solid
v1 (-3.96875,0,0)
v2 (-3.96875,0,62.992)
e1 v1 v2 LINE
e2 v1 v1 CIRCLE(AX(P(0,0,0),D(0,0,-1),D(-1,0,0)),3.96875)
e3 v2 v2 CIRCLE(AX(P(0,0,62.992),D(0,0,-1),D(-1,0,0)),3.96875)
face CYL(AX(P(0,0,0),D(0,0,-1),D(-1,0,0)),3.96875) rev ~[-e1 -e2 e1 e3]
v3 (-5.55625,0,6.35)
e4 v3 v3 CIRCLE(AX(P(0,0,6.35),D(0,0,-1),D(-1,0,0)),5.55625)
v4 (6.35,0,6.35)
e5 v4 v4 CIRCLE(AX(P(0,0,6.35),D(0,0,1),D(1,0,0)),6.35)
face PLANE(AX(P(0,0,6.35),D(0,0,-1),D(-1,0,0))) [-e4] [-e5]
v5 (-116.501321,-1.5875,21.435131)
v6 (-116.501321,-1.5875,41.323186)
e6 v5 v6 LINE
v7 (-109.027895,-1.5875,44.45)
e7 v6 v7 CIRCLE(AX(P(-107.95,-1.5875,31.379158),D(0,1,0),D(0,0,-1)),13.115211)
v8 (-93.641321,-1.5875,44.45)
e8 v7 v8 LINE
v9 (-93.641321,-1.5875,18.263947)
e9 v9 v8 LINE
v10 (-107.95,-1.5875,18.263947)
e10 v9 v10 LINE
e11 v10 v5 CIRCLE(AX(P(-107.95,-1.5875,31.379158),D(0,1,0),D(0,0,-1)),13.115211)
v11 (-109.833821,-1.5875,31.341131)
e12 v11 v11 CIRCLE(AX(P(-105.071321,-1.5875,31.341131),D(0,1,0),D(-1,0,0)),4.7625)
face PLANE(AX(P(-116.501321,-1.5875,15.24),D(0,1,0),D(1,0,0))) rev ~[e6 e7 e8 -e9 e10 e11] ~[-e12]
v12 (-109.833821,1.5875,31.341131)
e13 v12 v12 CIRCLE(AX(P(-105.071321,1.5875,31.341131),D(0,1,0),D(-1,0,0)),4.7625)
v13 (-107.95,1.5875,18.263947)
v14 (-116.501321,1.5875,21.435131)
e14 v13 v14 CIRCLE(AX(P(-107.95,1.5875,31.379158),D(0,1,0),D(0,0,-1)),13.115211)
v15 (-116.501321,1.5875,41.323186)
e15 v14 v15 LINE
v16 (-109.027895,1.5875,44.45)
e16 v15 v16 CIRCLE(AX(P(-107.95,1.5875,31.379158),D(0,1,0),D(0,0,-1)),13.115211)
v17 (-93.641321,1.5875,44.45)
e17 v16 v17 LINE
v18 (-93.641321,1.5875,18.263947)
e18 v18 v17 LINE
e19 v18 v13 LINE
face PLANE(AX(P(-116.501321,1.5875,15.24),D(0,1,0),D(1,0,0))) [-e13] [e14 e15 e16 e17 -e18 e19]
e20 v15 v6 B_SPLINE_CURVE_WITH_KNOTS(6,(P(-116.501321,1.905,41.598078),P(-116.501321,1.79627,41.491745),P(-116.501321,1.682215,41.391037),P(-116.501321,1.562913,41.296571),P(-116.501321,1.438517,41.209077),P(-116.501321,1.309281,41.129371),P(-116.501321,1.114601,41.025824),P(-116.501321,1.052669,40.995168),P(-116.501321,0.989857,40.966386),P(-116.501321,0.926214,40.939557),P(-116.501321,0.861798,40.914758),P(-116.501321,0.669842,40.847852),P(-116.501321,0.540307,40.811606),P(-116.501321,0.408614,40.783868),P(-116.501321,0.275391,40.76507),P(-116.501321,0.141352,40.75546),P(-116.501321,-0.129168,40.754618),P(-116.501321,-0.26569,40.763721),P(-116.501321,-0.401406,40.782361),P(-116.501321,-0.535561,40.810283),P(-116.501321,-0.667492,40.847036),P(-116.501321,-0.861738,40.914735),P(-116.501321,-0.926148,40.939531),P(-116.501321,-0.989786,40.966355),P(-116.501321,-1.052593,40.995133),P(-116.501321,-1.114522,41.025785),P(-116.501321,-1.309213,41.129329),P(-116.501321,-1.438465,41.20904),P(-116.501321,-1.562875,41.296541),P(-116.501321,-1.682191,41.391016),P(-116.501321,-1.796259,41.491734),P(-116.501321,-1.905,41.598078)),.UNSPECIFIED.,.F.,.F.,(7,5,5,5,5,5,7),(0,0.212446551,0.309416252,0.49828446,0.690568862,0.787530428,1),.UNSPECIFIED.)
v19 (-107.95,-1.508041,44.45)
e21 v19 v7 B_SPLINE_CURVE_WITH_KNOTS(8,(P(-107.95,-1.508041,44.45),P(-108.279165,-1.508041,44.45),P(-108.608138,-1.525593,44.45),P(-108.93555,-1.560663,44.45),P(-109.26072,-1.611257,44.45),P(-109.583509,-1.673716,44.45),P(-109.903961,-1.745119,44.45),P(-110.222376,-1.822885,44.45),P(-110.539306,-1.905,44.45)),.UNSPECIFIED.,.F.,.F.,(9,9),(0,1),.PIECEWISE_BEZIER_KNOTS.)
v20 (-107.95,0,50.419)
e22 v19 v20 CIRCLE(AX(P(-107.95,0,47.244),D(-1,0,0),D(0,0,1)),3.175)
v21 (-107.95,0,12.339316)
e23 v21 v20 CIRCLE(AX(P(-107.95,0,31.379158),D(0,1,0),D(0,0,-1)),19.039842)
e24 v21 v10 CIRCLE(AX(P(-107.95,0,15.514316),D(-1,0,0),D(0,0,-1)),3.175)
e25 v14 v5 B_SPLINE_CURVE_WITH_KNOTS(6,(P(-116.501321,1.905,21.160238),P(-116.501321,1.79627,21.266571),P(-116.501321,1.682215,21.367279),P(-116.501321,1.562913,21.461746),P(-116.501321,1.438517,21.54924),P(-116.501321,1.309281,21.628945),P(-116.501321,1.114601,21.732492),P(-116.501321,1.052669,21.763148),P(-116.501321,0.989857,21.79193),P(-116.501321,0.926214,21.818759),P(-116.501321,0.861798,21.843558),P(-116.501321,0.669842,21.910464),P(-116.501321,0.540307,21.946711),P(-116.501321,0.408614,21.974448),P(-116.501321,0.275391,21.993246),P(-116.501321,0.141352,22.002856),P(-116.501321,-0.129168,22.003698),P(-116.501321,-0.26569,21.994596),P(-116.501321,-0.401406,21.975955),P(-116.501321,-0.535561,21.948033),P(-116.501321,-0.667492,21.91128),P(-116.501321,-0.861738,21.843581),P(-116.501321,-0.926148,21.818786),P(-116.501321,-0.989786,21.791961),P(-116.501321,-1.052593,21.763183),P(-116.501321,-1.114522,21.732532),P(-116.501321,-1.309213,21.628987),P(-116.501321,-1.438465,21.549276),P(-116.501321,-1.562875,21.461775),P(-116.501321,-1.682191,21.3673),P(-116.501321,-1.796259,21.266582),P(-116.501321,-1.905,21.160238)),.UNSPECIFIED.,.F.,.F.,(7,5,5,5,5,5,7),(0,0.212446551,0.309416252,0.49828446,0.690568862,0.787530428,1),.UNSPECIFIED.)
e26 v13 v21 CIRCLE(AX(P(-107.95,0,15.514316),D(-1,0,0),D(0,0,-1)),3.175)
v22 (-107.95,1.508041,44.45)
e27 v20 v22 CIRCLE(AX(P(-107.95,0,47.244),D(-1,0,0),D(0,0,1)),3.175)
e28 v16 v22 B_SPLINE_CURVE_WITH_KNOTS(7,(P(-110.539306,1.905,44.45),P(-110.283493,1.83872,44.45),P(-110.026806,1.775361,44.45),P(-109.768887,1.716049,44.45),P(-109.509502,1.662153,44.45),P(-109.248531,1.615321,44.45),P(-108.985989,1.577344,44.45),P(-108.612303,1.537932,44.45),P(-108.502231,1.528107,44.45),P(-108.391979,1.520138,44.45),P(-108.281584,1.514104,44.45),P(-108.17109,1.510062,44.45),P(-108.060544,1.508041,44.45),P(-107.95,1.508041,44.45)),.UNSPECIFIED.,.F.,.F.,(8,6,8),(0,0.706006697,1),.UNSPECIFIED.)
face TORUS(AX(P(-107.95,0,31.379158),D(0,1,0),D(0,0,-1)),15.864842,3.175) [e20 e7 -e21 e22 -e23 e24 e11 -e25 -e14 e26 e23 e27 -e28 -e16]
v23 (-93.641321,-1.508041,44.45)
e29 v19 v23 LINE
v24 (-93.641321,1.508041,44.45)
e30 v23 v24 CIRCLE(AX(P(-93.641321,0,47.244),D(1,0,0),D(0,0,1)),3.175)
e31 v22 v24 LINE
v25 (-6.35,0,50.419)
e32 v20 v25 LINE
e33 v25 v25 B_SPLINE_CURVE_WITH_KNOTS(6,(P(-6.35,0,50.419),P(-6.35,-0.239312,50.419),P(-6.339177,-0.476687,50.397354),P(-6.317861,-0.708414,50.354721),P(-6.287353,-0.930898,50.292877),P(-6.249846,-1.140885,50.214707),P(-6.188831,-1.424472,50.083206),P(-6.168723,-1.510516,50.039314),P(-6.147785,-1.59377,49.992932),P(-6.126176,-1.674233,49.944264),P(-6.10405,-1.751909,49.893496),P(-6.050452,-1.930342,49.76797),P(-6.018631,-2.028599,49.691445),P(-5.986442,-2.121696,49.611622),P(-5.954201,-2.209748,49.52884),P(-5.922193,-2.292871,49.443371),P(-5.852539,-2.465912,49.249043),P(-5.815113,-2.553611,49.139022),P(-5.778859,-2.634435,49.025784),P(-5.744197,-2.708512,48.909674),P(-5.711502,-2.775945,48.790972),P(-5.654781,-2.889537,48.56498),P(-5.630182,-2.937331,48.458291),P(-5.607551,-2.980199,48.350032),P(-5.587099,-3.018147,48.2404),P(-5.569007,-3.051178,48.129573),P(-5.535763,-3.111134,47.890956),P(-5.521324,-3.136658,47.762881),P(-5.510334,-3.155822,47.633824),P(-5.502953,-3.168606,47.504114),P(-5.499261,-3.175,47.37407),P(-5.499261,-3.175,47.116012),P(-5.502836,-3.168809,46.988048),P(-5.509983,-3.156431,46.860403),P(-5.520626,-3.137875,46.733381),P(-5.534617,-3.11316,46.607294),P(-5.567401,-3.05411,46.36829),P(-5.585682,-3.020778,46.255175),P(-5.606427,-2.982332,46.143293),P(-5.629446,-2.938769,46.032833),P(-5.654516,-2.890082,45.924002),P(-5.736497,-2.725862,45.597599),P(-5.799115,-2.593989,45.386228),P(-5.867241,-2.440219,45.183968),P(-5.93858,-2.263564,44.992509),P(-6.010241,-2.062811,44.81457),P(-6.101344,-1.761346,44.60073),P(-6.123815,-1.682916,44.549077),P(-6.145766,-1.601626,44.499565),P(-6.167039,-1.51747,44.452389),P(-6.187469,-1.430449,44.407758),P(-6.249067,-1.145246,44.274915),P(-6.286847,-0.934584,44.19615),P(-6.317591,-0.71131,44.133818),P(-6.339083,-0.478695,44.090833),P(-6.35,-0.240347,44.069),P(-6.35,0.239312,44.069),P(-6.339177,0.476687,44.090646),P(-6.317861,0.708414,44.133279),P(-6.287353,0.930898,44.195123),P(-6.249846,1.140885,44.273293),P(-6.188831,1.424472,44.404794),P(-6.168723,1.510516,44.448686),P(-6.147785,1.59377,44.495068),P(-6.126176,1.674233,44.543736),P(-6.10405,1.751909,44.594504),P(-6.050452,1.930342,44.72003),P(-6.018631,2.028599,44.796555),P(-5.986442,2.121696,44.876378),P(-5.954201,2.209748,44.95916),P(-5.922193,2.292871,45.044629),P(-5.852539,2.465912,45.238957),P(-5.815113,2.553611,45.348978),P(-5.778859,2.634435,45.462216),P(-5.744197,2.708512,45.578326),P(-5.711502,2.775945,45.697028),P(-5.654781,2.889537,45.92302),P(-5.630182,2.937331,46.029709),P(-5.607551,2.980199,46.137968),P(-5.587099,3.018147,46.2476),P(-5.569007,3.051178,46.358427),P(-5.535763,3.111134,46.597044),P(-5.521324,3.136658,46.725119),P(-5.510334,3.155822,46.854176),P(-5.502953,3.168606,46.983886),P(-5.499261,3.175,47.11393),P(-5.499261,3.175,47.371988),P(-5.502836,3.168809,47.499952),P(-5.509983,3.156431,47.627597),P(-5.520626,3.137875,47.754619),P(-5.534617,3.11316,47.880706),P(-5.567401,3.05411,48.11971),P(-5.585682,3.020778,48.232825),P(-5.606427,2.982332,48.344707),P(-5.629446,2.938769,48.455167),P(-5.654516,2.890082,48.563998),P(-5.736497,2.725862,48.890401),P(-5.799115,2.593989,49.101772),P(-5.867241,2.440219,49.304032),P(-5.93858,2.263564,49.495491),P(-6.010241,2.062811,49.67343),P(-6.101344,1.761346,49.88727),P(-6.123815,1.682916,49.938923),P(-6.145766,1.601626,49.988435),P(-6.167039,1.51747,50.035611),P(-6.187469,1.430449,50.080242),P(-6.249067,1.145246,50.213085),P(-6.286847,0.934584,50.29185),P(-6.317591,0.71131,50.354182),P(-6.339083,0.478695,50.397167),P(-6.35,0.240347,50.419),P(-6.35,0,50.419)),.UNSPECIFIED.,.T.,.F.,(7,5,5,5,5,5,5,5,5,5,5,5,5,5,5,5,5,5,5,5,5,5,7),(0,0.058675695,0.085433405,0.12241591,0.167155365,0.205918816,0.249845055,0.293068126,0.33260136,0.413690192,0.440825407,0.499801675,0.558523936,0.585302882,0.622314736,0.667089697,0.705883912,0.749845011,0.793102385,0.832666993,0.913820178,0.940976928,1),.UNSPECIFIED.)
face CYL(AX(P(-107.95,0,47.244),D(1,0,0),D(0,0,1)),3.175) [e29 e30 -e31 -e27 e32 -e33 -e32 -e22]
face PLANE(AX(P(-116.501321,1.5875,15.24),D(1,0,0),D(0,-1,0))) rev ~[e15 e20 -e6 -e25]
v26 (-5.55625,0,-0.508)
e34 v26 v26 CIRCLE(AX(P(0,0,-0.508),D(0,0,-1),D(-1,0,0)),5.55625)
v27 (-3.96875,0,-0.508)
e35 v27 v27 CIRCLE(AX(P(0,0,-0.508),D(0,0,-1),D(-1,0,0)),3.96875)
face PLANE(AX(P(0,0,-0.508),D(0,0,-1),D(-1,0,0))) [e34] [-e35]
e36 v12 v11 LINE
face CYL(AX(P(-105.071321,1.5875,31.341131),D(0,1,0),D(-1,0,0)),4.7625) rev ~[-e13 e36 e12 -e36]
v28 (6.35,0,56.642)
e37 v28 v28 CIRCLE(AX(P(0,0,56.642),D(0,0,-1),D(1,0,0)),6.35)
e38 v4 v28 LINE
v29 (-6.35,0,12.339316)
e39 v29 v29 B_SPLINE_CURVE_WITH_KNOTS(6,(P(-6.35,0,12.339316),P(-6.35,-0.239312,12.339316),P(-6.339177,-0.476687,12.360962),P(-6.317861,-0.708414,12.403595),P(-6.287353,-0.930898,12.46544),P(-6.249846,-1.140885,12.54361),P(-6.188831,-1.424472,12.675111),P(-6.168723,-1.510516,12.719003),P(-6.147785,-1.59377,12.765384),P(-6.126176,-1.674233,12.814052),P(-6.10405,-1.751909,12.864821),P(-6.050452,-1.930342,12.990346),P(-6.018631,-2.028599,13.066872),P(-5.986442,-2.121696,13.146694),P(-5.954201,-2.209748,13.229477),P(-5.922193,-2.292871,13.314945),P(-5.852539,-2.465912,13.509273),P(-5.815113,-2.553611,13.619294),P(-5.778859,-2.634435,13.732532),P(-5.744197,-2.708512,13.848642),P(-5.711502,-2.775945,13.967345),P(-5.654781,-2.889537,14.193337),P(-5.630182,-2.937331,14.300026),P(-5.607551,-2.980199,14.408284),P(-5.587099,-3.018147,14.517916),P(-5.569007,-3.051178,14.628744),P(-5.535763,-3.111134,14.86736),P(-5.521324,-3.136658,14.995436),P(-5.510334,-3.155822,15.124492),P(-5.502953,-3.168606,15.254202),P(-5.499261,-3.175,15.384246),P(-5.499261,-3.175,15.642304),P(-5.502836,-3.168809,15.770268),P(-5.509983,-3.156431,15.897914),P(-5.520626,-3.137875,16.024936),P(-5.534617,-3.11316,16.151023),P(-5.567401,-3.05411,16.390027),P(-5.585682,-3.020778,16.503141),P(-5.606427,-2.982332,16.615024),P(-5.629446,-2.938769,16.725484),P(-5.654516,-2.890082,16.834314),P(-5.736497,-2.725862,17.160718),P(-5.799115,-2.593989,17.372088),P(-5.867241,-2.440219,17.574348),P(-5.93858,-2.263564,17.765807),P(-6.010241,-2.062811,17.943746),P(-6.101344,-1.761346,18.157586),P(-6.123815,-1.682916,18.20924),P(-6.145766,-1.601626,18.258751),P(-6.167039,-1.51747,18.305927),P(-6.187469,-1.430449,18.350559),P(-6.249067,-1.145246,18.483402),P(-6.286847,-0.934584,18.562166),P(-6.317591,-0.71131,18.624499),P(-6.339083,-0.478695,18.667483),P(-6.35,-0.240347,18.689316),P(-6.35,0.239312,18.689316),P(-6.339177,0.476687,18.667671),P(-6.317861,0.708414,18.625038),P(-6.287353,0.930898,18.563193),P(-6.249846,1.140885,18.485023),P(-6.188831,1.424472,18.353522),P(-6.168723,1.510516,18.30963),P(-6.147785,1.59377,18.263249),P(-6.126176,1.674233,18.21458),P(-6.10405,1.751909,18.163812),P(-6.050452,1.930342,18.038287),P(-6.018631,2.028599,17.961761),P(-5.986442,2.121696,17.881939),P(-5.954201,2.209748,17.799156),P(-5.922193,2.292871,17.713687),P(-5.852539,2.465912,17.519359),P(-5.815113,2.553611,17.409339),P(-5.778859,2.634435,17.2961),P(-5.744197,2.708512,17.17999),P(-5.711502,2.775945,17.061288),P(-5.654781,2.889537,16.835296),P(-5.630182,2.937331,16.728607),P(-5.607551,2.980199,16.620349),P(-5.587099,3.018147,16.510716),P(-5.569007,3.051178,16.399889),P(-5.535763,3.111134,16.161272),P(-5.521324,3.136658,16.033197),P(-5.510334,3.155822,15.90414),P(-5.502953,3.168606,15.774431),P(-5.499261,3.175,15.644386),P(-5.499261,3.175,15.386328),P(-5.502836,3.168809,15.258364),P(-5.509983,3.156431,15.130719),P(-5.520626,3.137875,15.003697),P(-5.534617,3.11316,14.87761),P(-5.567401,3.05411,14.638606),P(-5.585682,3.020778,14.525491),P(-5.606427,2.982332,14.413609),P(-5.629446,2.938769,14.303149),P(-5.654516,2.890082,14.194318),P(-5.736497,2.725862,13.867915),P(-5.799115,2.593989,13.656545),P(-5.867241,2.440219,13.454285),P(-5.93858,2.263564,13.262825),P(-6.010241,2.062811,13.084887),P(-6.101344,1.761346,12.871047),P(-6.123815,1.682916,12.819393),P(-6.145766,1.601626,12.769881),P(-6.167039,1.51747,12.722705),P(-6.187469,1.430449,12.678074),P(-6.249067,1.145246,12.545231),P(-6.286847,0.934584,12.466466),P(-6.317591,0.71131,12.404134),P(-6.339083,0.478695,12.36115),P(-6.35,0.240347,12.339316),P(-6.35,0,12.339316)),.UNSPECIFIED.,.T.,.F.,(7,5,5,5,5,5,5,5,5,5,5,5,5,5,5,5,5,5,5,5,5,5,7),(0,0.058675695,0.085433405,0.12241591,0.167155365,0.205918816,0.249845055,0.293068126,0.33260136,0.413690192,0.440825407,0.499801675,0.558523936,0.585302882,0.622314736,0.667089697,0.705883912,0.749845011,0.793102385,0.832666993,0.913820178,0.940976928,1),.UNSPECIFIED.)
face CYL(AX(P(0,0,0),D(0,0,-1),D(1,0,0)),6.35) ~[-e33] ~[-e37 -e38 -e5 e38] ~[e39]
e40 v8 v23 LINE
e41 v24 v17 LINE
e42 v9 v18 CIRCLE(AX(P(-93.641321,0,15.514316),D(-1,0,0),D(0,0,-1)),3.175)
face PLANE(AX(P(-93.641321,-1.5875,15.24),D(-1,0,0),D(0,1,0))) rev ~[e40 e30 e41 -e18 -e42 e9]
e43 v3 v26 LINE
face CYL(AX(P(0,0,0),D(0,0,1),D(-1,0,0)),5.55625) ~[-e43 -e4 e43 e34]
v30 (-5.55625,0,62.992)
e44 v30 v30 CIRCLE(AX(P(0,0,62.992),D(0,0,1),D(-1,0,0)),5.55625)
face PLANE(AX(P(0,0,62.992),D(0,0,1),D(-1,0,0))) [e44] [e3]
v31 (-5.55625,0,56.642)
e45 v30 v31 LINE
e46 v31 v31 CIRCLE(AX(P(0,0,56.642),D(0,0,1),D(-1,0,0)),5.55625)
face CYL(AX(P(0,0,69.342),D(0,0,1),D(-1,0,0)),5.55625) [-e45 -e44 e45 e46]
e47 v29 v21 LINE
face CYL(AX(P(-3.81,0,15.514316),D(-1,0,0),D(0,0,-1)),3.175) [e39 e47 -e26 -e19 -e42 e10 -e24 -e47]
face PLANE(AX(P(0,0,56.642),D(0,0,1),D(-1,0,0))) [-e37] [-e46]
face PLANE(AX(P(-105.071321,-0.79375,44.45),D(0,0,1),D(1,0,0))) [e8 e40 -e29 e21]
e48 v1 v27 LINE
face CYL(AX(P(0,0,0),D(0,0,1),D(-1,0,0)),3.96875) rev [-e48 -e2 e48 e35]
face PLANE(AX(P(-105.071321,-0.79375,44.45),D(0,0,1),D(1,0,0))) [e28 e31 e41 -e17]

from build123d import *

# Parameters (mm, degrees)
SKETCH1_R           = 6.35
SKETCH1_R_2         = 3.175
BOSS_EXTRUDE1_DEPTH = 62.992
SKETCH3_R           = 3.175
SKETCH6_W           = 22.86
SKETCH6_H           = 1.5875
BOSS_EXTRUDE3_DEPTH = 29.21
SKETCH7_R           = 4.7625
CUT_EXTRUDE1_DEPTH  = 29.21
SKETCH9_R           = 6.35
SKETCH9_R_2         = 3.175
BOSS_EXTRUDE5_DEPTH = 6.35
SKETCH10_R          = 6.35
SKETCH10_R_2        = 5.55625
CUT_EXTRUDE6_DEPTH  = 12.7
SKETCH12_R          = 6.35
SKETCH12_R_2        = 5.55625
CUT_EXTRUDE7_DEPTH  = 12.7
SKETCH13_R          = 5.55625
SKETCH13_R_2        = 3.175
CUT_EXTRUDE8_DEPTH  = 6.35
SKETCH14_R          = 5.55625
SKETCH14_R_2        = 3.175
CUT_EXTRUDE9_DEPTH  = 6.35
SKETCH16_R          = 3.96875
CUT_EXTRUDE11_DEPTH = 142.896915114
SKETCH18_R          = 5.55625
SKETCH18_R_2        = 3.96875
BOSS_EXTRUDE7_DEPTH = 0.508


with BuildPart() as part:
    # Sketch1 → Boss-Extrude1 (new body)
    with BuildSketch(Plane.XY):
        Circle(SKETCH1_R)
        Circle(SKETCH1_R_2, mode=Mode.SUBTRACT)
    extrude(amount=BOSS_EXTRUDE1_DEPTH)

    # Sweep1: sweep along a path in Sketch4
    with BuildLine(Plane(origin=(0, 0, 0), x_dir=(1, 0, 0), z_dir=(0, 1, 0))) as sweep1_path:
        Line((-3.81, -15.663931971), (-107.95, -15.663931971))
        ThreePointArc((-107.95, -15.663931971), (-123.665226198, -31.37915817), (-107.95, -47.094384368))
        Line((-107.95, -47.094384368), (-3.81, -47.094384368))
    # Sketch3 → Sweep1 (sweep)
    with BuildSketch(Plane.ZY.offset(3.81)):
        with Locations((47.244, 0)):
            Circle(SKETCH3_R)
    sweep(path=sweep1_path.line)

    # Sketch6 → Boss-Extrude3 (add)
    with BuildSketch(Plane.XY.offset(15.24)):
        with Locations((-105.071320577, -0.79375)):
            Rectangle(SKETCH6_W, SKETCH6_H)
        with Locations((-105.071320577, 0.79375)):
            Rectangle(SKETCH6_W, SKETCH6_H)
    extrude(amount=BOSS_EXTRUDE3_DEPTH)

    # Sketch7 → Cut-Extrude1 (cut)
    with BuildSketch(Plane(origin=(0, 1.5875, 0), x_dir=(1, 0, 0), z_dir=(0, 1, 0))):
        with Locations(Location((-105.071320577, -31.341130791, 0), (0, 0, 180))):
            Circle(SKETCH7_R)
    extrude(amount=-CUT_EXTRUDE1_DEPTH, mode=Mode.SUBTRACT)

    # Sketch9 → Boss-Extrude5 (add)
    with BuildSketch(Plane(origin=(0, 0, 0), x_dir=(-1, 0, 0), z_dir=(0, 0, -1))):
        Circle(SKETCH9_R)
        Circle(SKETCH9_R_2, mode=Mode.SUBTRACT)
    boss_extrude5 = extrude(amount=BOSS_EXTRUDE5_DEPTH)

    # Mirror1: Boss-Extrude5 across plane
    add(boss_extrude5.mirror(Plane.XY.offset(31.496)))

    # Sketch10 → Cut-Extrude6 (cut)
    with BuildSketch(Plane.XY.offset(69.342)):
        with Locations(Location((0, 0, 0), (0, 0, 180))):
            Circle(SKETCH10_R)
        with Locations(Location((0, 0, 0), (0, 0, 180))):
            Circle(SKETCH10_R_2, mode=Mode.SUBTRACT)
    extrude(amount=-CUT_EXTRUDE6_DEPTH, mode=Mode.SUBTRACT)

    # Sketch12 → Cut-Extrude7 (cut)
    with BuildSketch(Plane(origin=(0, 0, -6.35), x_dir=(-1, 0, 0), z_dir=(0, 0, -1))):
        Circle(SKETCH12_R)
        Circle(SKETCH12_R_2, mode=Mode.SUBTRACT)
    extrude(amount=-CUT_EXTRUDE7_DEPTH, mode=Mode.SUBTRACT)

    # Sketch13 → Cut-Extrude8 (cut)
    with BuildSketch(Plane.XY.offset(69.342)):
        with Locations(Location((0, 0, 0), (0, 0, 180))):
            Circle(SKETCH13_R)
        Circle(SKETCH13_R_2, mode=Mode.SUBTRACT)
    extrude(amount=-CUT_EXTRUDE8_DEPTH, mode=Mode.SUBTRACT)

    # Sketch14 → Cut-Extrude9 (cut)
    with BuildSketch(Plane(origin=(0, 0, -6.35), x_dir=(-1, 0, 0), z_dir=(0, 0, -1))):
        Circle(SKETCH14_R)
        Circle(SKETCH14_R_2, mode=Mode.SUBTRACT)
    extrude(amount=-CUT_EXTRUDE9_DEPTH, mode=Mode.SUBTRACT)

    # Sketch16 → Cut-Extrude11 (cut, through all)
    with BuildSketch(Plane(origin=(0, 0, 0), x_dir=(-1, 0, 0), z_dir=(0, 0, -1))):
        Circle(SKETCH16_R)
    extrude(amount=-CUT_EXTRUDE11_DEPTH, mode=Mode.SUBTRACT)

    # Sketch18 → Boss-Extrude7 (add)
    with BuildSketch(Plane(origin=(0, 0, 0), x_dir=(-1, 0, 0), z_dir=(0, 0, -1))):
        Circle(SKETCH18_R)
        Circle(SKETCH18_R_2, mode=Mode.SUBTRACT)
    extrude(amount=BOSS_EXTRUDE7_DEPTH)


solid = part.part
